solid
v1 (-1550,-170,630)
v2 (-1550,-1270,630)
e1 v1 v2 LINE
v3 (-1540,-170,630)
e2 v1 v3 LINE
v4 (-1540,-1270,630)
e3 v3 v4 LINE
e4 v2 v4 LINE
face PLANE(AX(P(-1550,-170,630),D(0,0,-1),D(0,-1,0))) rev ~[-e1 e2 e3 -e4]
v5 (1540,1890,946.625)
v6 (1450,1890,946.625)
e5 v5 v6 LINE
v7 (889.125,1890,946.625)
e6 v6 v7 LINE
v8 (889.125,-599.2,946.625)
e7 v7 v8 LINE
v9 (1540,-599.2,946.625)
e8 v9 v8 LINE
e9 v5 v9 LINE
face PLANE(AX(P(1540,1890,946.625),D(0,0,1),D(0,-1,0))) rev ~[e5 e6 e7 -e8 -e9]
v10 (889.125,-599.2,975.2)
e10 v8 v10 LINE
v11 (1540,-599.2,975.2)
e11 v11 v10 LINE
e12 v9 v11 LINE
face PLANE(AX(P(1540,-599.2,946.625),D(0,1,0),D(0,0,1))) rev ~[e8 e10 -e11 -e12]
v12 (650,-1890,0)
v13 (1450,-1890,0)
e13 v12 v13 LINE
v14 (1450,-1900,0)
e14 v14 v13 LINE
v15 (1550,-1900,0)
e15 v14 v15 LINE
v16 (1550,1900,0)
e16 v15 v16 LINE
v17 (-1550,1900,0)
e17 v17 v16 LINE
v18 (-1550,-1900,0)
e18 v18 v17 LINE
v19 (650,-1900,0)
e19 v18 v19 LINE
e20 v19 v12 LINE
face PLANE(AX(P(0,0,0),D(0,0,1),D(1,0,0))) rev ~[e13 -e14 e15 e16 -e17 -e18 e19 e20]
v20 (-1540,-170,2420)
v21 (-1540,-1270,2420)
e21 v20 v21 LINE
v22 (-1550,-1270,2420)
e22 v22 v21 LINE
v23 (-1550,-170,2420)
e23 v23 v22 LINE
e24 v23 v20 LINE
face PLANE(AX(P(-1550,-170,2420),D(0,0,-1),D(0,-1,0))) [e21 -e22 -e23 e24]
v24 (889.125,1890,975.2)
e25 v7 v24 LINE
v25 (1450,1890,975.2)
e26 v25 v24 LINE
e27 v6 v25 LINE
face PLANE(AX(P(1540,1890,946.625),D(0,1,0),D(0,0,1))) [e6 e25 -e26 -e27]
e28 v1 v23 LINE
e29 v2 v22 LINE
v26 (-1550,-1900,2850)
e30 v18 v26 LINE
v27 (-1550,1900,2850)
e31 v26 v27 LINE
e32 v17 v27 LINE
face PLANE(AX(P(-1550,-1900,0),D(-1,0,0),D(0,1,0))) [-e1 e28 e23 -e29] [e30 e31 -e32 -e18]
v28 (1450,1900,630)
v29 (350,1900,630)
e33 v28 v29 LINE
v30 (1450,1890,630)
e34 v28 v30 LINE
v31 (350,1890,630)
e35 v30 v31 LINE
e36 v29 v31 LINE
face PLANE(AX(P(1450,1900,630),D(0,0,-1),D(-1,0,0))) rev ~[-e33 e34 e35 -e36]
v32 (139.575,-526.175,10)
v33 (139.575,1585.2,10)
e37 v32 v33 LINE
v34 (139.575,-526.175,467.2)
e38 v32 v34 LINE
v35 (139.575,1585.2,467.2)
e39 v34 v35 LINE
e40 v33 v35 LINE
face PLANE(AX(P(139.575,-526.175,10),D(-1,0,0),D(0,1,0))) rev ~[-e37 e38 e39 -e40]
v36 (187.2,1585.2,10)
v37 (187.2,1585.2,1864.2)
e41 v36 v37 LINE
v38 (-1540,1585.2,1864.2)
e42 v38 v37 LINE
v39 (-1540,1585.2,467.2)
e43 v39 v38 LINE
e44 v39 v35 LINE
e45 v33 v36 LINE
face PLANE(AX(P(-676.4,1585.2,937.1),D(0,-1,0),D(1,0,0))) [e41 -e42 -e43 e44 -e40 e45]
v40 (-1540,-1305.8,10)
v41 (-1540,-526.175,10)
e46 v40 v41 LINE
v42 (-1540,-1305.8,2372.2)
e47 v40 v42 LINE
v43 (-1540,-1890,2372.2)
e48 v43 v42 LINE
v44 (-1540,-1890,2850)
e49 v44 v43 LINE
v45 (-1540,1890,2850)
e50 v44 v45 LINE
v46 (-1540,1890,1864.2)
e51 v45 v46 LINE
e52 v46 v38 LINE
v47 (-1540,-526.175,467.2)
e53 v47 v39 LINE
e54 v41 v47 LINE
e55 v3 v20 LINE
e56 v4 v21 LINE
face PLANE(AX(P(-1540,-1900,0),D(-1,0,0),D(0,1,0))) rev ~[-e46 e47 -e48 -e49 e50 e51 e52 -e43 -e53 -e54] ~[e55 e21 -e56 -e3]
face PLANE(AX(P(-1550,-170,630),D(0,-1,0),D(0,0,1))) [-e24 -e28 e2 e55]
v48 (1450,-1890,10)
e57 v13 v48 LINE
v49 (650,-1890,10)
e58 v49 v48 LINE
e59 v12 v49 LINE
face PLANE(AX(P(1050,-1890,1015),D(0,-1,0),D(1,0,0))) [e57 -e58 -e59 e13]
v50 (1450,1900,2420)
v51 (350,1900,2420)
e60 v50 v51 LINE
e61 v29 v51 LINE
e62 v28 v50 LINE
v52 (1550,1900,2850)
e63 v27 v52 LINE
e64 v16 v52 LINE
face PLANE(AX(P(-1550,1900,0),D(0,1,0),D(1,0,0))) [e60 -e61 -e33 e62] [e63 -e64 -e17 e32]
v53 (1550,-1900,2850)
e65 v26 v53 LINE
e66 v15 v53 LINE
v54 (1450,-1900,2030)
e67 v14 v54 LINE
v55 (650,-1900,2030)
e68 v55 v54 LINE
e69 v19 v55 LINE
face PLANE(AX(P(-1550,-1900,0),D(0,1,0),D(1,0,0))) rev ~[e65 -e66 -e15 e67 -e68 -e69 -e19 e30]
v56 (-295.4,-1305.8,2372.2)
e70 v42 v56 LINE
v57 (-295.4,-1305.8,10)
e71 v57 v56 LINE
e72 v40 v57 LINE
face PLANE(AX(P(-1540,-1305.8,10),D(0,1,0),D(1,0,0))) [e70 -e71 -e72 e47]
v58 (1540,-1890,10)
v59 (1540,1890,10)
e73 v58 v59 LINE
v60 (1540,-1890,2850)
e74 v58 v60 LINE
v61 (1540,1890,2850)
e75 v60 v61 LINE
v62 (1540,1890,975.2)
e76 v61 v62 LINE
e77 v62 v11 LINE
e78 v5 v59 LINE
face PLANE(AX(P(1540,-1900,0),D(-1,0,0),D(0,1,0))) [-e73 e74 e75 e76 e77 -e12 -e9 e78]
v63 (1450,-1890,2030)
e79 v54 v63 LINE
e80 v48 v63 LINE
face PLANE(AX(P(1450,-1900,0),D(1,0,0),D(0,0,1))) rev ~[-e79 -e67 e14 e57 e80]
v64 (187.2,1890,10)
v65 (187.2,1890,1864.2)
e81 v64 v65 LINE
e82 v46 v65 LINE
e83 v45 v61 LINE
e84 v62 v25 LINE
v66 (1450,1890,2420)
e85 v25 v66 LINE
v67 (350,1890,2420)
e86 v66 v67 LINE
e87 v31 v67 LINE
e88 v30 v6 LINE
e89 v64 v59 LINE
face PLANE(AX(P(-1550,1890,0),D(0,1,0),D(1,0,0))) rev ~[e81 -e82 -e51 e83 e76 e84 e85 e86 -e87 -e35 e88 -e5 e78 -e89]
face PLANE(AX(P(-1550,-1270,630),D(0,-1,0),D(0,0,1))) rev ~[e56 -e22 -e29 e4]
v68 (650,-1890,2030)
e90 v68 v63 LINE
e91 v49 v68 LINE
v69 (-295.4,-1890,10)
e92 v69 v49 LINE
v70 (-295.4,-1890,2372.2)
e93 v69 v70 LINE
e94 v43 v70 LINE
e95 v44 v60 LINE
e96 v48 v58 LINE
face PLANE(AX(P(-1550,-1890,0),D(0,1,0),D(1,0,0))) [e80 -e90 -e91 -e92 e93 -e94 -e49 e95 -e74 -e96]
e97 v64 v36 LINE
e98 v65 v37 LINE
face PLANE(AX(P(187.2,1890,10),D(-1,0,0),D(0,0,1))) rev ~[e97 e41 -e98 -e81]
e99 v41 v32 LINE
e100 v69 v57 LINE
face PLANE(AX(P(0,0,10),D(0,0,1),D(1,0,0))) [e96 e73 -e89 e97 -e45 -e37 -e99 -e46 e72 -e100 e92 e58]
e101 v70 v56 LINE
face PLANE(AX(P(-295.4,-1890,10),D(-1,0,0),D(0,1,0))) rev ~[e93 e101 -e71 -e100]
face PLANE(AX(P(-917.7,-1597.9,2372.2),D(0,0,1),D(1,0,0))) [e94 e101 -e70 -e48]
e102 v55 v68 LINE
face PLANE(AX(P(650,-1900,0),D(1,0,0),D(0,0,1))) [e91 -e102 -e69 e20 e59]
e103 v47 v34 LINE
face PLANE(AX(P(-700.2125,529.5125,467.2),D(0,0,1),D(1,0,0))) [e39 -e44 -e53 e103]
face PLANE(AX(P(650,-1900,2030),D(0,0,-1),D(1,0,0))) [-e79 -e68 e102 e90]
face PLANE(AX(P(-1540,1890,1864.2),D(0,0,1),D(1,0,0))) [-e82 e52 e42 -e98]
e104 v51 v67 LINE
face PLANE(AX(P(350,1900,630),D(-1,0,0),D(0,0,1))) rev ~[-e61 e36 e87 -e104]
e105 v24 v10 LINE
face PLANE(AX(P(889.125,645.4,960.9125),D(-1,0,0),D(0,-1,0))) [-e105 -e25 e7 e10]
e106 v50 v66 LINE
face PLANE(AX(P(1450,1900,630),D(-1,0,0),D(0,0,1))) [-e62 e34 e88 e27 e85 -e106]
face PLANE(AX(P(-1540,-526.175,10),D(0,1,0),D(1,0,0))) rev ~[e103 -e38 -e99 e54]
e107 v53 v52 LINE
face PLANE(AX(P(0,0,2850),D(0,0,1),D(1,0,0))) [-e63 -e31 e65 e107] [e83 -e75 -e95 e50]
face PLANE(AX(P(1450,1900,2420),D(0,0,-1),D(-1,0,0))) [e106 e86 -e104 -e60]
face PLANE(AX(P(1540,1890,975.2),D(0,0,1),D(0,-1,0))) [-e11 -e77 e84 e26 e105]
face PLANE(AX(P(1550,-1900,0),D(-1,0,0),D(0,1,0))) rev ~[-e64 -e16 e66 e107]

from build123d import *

# Parameters (mm, degrees)
F0_W      = 3100
F0_H      = 3800
F1_DEPTH  = 2850
F2_T      = -10
F3_W      = 800
F3_H      = 2030
F4_DEPTH  = 10
F5_W      = 1100
F5_H      = 1790
F6_DEPTH  = 10
F7_W      = 1100
F7_H      = 1790
F8_DEPTH  = 10
F9_W      = 1244.6
F9_H      = 584.2
F10_DEPTH = 2362.2
F11_W     = 1727.2
F11_H     = 1854.2
F12_DEPTH = 304.8
F13_W     = 2489.2
F13_H     = 28.575
F14_DEPTH = 650.875
F15_W     = 1679.575
F15_H     = 2111.375
F16_DEPTH = 457.2


with BuildPart() as f1:
    # F0 (on Top) → F1 (new body)
    with BuildSketch(Plane.XY):
        Rectangle(F0_W, F0_H)
    extrude(amount=F1_DEPTH)

    # F2
    f2_openings = [f1.faces().sort_by_distance(p)[0] for p in [
        (0, 0, 2850),
    ]]
    offset(amount=F2_T, openings=f2_openings)

    # F3 (on face) → F4 (cut)
    with BuildSketch(Plane.XZ.offset(1900)):
        with Locations((1050, 1015)):
            Rectangle(F3_W, F3_H)
    extrude(amount=-F4_DEPTH, mode=Mode.SUBTRACT)

    # F5 (on face) → F6 (cut)
    with BuildSketch(Plane(origin=(-1550, 0, 0), x_dir=(0, -1, 0), z_dir=(-1, 0, 0))):
        with Locations((720, 1525)):
            Rectangle(F5_W, F5_H)
    extrude(amount=-F6_DEPTH, mode=Mode.SUBTRACT)

    # F7 (on face) → F8 (cut)
    with BuildSketch(Plane(origin=(0, 1900, 0), x_dir=(-1, 0, 0), z_dir=(0, 1, 0))):
        with Locations((-900, 1525)):
            Rectangle(F7_W, F7_H)
    extrude(amount=-F8_DEPTH, mode=Mode.SUBTRACT)

    # F9 (on face) → F10 (join)
    with BuildSketch(Plane.XY.offset(10)):
        with Locations((-917.7, -1597.9)):
            Rectangle(F9_W, F9_H)
    extrude(amount=F10_DEPTH)

    # F11 (on face) → F12 (join)
    with BuildSketch(Plane.XZ.offset(-1890)):
        with Locations((-676.4, 937.1)):
            Rectangle(F11_W, F11_H)
    extrude(amount=F12_DEPTH)

    # F13 (on face) → F14 (join)
    with BuildSketch(Plane(origin=(1540, 0, 0), x_dir=(0, -1, 0), z_dir=(-1, 0, 0))):
        with Locations((-645.4, 960.9125)):
            Rectangle(F13_W, F13_H)
    extrude(amount=F14_DEPTH)

    # F15 (on face) → F16 (join)
    with BuildSketch(Plane.XY.offset(10)):
        with Locations((-700.2125, 529.5125)):
            Rectangle(F15_W, F15_H)
    extrude(amount=F16_DEPTH)


solid = f1.part
